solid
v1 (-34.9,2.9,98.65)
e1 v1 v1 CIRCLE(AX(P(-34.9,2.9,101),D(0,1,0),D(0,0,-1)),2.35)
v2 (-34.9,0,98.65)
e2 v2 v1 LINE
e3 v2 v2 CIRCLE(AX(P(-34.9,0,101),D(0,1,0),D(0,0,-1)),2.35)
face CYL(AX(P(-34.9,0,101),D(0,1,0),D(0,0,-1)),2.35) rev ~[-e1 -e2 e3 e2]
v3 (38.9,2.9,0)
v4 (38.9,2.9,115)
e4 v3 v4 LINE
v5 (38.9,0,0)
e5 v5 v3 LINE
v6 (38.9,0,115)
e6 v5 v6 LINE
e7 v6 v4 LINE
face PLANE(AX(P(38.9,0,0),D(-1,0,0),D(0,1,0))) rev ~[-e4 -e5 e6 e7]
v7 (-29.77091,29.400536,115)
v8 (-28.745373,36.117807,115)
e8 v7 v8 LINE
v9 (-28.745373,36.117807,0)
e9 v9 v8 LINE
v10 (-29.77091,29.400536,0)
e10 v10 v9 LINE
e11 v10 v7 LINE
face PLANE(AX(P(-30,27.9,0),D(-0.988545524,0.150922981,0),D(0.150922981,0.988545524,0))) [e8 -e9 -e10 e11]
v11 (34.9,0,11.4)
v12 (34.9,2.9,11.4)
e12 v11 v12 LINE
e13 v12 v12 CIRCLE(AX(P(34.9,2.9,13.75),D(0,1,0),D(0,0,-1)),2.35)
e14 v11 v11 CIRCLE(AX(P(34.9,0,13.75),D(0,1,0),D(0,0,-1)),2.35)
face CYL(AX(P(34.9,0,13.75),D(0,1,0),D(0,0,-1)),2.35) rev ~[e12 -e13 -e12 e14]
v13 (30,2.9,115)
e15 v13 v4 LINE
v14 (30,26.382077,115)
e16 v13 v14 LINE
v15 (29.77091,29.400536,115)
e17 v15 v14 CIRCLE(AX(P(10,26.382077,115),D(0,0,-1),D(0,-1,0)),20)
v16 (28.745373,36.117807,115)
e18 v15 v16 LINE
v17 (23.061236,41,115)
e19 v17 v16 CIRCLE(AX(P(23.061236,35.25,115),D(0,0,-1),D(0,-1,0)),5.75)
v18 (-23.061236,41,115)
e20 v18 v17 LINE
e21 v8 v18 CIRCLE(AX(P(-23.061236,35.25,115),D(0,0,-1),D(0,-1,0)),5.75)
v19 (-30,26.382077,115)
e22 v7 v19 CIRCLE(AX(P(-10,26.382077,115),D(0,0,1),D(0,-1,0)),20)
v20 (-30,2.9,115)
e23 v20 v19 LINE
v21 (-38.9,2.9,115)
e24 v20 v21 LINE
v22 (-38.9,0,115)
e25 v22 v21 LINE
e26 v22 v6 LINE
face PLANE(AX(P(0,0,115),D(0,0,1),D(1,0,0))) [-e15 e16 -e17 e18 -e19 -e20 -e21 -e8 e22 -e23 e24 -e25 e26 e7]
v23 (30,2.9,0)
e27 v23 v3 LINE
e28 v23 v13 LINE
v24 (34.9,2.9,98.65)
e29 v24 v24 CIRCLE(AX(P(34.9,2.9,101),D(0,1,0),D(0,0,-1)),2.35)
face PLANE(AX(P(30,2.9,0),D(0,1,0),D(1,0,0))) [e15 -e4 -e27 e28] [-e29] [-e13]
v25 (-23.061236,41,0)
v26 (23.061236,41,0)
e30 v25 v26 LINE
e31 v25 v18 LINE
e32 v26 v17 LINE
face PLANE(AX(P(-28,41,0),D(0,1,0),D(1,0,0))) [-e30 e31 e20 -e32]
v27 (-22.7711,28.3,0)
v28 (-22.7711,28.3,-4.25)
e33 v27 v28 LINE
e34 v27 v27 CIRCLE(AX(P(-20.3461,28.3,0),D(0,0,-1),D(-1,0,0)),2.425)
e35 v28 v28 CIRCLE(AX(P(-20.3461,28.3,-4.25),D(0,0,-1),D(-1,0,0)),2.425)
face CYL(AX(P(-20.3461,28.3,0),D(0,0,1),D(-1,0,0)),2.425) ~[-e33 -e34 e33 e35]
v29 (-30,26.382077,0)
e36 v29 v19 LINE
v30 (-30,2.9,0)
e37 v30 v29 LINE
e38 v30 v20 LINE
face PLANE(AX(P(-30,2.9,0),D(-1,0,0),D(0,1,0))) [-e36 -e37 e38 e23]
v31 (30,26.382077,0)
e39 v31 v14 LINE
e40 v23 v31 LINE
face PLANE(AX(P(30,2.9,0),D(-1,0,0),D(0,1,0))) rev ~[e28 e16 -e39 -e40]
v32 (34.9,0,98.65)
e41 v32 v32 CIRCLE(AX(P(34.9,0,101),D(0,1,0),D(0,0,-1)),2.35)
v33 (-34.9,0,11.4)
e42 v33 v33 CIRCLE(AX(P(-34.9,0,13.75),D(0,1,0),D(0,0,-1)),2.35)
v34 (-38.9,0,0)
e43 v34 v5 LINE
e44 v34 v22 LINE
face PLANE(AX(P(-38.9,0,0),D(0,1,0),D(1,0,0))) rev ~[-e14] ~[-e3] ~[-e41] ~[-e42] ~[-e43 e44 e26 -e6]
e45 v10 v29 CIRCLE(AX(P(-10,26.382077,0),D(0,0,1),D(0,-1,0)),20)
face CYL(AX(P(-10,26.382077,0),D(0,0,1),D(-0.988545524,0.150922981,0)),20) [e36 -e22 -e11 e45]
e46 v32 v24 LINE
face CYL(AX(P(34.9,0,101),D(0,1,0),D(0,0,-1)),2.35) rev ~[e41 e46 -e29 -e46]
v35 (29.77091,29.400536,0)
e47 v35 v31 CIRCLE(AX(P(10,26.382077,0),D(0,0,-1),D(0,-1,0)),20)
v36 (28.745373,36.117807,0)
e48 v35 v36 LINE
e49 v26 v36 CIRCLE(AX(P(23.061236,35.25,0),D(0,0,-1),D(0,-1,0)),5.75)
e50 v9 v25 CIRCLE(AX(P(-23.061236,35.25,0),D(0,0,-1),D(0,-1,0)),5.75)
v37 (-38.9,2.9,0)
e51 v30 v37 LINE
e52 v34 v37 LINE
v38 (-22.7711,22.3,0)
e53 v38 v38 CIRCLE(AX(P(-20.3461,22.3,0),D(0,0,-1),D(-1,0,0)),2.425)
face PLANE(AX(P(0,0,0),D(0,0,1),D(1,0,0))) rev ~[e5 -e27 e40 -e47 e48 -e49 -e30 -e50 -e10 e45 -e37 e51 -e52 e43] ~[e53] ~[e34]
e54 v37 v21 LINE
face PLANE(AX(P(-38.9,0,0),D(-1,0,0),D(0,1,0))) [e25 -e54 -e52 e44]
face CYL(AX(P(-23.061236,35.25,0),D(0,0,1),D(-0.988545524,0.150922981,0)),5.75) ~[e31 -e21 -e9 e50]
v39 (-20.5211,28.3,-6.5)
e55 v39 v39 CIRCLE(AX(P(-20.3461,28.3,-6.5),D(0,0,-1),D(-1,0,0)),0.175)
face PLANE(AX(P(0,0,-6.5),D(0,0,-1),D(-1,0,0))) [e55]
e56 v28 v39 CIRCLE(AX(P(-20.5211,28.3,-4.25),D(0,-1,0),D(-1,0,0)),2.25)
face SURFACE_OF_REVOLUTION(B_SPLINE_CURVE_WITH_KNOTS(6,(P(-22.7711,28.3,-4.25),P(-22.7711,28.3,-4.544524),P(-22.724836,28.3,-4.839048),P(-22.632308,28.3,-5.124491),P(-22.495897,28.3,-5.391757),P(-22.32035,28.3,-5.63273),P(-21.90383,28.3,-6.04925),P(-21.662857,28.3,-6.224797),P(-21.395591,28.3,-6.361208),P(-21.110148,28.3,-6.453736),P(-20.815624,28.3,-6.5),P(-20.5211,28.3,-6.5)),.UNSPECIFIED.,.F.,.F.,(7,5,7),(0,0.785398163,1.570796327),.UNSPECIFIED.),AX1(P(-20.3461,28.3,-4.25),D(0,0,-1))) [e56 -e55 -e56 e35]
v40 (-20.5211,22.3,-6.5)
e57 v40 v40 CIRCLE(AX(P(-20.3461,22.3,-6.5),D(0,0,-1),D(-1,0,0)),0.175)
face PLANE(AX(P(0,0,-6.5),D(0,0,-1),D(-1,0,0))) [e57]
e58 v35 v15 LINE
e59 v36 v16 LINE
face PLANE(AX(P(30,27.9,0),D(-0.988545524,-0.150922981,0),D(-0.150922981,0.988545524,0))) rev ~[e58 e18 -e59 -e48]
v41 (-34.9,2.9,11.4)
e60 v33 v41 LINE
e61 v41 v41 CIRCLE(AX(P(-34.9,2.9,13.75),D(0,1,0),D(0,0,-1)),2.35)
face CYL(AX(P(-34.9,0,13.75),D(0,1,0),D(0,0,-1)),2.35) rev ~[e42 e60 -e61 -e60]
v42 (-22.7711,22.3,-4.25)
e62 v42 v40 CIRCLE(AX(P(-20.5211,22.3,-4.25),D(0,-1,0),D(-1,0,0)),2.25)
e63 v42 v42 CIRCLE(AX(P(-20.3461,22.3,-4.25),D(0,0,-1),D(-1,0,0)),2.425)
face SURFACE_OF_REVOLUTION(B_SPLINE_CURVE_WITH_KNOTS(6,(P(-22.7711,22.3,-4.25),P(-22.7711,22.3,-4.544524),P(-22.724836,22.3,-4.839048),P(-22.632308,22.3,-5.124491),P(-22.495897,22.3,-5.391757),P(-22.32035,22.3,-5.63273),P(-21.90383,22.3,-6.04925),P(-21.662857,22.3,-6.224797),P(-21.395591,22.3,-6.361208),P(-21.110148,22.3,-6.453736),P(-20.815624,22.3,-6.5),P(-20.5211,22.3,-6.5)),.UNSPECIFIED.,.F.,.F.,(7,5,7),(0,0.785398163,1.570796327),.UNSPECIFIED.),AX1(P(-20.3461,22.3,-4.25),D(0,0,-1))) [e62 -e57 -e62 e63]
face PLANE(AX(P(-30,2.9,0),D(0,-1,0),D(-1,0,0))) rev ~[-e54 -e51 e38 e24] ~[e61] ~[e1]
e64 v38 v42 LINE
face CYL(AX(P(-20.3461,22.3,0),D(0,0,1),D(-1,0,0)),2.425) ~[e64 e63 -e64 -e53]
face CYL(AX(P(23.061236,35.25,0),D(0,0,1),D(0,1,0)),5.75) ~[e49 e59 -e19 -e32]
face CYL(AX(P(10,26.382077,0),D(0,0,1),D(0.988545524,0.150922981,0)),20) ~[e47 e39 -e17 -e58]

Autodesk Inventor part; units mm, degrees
ref_plane "YZ Plane" through (0, 0, 0) normal (1, 0, 0) x (0, 1, 0)
ref_plane "XZ Plane" through (0, 0, 0) normal (0, 1, 0) x (-1, 0, 0)
ref_plane "XY Plane" through (0, 0, 0) normal (0, 0, 1) x (1, 0, 0)
sketch "Sketch1" plane through (0, 0, 0) normal (0, 0, 1) x (1, 0, 0)
  line L0 (-38.9, 0) -> (38.9, 0)
  line L1 (-38.9, 0) -> (-38.9, 2.9)
  line L2 (38.9, 0) -> (38.9, 2.9)
  line L3 (-30, 2.9) -> (-38.9, 2.9)
  line L4 (30, 2.9) -> (38.9, 2.9)
  line L5 (30, 2.9) -> (30, 27.9)
  line L6 (-30, 2.9) -> (-30, 27.9)
  line L7 (-30, 27.9) -> (30, 27.9) construction
  line L8 (-28, 41) -> (28, 41)
  line L9 (-30, 27.9) -> (-28, 41)
  line L10 (30, 27.9) -> (28, 41)
  point P0 (0, 0)
  point P1 (0, 0)
  point P2 (0, 27.9)
  point P3 (0, 41)
  dimension "d0" = 77.8
  dimension "d1" = 2.9
  dimension "d6" = 25
  dimension "d7" = 56
  dimension "d8" = 41
extrude "Extrusion1" add sketch "Sketch1" along normal blind 115
fillet "Fillet1" radius 5.75 2 edges at (28, 41, 57.5) (-28, 41, 57.5)
fillet "Fillet2" radius 20 2 edges at (-30, 27.9, 57.5) (30, 27.9, 57.5)
sketch "Sketch2" plane through (-38.9, 0, 0) normal (0, -1, 0) x (1, 0, 0)
  line L0 (0, 0) -> (77.8, 0) projected
  line L1 (0, 0) -> (0, 115) projected
  line L2 (77.8, 0) -> (77.8, 115) projected
  line L3 (0, 115) -> (77.8, 115) projected
  point P0 (38.9, 0)
  point P1 (4, 13.75)
  point P2 (73.8, 13.75)
  point P3 (4, 101)
  point P4 (73.8, 101)
  dimension "d11" = 13.75
  dimension "d12" = 4
  dimension "d13" = 4
  dimension "d14" = 14
hole "Hole1" at (-34.9, 0, 13.75) at (34.9, 0, 13.75) at (-34.9, 0, 101) at (34.9, 0, 101) direction (0, 1, 0) diameter 4.7 end through all
sketch "Sketch3" plane through (0, 0, 0) normal (0, 0, -1) x (-1, 0, 0)
  circle A0 centre (20.3461, 28.3) radius 2.425
  circle A1 centre (20.3461, 22.3) radius 2.425
  line L0 (-23.0612, 41) -> (23.0612, 41) projected
  point P0 (0, 0)
  dimension "d22" = 4.85
  dimension "d23" = 4.85
  dimension "d24" = 6
  dimension "d25" = 12.7
extrude "Extrusion2" add sketch "Sketch3" along normal blind 6.5
fillet "Fillet3" radius 2.25 2 edges at (-17.9211, 28.3, -6.5) (-17.9211, 22.3, -6.5)
equation "\"d13\" = d12"
equation "\"d23\" = d22"
properties part number "KellyController-KBS-Small"
